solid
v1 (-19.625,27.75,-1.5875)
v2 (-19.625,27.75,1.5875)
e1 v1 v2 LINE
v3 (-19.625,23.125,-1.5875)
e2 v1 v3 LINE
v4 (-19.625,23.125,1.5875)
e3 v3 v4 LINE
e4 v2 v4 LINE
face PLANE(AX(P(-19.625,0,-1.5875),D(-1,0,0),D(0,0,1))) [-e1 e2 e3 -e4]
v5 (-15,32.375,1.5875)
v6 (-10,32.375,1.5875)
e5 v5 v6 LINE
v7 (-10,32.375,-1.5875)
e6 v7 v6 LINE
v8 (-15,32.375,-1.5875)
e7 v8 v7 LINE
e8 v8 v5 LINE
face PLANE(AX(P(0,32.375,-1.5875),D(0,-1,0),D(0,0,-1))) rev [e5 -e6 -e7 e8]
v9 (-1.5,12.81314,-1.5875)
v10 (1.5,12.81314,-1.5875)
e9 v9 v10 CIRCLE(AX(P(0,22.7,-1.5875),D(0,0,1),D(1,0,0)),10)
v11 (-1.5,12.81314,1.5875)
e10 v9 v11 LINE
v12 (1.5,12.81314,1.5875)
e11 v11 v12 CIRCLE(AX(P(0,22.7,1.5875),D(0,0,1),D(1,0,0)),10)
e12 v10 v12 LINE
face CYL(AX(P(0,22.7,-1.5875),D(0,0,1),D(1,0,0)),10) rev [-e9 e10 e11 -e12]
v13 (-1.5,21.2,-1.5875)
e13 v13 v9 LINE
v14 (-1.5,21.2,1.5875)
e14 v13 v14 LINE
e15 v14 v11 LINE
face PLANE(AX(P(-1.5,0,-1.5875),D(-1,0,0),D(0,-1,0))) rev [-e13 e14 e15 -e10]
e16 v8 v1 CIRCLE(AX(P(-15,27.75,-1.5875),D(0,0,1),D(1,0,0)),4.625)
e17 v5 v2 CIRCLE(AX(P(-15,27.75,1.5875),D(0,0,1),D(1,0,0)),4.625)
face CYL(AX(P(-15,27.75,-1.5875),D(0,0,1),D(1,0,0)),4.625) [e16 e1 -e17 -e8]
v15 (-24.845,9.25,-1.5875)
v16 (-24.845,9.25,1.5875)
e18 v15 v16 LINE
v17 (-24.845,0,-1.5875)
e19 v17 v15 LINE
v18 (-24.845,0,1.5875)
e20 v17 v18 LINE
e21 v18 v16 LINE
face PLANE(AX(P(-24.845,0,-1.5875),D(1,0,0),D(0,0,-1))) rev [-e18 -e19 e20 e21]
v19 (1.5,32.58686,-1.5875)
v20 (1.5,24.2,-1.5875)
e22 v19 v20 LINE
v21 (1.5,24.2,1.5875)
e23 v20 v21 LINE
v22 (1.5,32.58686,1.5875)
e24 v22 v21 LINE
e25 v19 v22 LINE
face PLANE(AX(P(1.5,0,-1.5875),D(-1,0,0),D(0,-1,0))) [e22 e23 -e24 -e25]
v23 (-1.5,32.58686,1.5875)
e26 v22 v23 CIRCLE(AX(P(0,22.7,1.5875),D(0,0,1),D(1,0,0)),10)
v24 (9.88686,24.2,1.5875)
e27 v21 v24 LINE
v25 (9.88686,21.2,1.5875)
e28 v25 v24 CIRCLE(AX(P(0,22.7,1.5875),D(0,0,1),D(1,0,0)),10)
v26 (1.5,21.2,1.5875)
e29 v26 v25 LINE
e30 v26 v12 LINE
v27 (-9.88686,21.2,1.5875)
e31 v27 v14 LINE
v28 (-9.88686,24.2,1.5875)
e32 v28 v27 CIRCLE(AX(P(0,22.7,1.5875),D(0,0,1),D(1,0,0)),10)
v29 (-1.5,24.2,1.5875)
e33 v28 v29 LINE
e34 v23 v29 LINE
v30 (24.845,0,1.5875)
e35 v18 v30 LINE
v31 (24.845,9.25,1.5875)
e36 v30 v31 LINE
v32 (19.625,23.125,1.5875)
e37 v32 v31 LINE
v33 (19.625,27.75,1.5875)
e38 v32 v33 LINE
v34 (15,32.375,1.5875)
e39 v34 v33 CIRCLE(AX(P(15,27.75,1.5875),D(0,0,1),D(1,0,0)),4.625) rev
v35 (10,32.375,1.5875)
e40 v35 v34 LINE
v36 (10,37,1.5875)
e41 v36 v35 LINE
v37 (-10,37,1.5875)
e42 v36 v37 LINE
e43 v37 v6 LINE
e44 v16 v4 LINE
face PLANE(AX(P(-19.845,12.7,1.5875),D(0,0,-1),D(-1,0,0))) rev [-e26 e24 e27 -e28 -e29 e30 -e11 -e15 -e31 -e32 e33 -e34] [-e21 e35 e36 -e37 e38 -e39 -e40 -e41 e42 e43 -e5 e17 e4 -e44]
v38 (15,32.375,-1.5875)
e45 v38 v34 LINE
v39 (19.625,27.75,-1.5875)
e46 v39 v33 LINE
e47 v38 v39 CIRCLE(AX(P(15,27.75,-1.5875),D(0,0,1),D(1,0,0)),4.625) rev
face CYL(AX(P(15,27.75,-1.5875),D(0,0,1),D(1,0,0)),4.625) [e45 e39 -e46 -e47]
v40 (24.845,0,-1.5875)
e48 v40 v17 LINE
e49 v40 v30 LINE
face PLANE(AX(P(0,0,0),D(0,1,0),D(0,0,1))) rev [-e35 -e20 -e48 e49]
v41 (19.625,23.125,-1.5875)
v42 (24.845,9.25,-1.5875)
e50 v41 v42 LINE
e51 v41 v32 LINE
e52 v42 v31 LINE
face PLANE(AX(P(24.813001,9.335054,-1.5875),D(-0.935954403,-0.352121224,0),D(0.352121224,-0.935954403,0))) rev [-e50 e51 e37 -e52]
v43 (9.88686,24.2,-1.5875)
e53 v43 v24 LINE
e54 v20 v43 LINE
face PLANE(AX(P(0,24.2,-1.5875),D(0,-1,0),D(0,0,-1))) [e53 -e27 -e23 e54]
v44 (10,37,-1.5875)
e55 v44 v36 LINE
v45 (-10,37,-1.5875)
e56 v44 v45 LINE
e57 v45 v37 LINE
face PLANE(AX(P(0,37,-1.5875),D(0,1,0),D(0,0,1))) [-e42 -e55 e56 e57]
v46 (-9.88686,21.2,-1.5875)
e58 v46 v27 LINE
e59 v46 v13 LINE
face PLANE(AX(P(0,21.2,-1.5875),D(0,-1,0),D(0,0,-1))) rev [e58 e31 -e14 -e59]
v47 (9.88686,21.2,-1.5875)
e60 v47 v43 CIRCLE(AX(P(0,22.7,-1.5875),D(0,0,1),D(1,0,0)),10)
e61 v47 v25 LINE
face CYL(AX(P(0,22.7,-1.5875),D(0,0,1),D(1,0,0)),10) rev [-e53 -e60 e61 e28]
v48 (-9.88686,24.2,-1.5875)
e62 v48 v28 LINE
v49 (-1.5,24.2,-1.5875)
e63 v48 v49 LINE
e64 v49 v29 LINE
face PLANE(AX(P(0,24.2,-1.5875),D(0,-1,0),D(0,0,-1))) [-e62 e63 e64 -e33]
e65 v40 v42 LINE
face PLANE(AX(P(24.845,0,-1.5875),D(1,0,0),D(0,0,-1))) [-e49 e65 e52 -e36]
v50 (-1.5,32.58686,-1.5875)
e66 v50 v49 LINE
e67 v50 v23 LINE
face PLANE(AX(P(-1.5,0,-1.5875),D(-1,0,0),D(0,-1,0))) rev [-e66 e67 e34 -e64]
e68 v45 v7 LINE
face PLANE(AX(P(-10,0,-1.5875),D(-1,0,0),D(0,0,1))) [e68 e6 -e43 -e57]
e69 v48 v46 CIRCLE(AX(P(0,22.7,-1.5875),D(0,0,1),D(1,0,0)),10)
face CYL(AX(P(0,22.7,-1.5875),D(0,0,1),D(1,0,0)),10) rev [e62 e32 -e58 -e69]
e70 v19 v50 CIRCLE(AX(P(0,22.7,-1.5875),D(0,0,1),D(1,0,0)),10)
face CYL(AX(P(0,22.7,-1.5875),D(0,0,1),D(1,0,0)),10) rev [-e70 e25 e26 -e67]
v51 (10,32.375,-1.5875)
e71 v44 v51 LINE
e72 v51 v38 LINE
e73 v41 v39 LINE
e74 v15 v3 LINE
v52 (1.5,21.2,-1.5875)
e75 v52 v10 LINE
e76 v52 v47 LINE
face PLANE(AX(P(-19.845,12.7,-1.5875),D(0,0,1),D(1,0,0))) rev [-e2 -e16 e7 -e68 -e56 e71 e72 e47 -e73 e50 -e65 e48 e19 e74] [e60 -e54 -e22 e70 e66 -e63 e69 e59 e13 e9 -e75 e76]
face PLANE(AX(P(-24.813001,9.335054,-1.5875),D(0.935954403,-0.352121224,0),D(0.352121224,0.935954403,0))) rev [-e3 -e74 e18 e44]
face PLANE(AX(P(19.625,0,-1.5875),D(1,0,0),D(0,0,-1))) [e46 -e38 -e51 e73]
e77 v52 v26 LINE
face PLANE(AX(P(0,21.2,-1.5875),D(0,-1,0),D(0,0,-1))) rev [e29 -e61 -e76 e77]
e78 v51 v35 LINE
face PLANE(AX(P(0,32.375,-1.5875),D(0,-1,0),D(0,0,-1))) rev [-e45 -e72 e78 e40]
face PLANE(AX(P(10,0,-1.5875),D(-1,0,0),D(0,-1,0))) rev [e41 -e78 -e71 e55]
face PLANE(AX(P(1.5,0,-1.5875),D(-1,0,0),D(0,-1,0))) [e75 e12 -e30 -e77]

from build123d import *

# Parameters (mm, degrees)
SKETCH1_W           = 39.69
SKETCH1_H           = 3.175
BOSS_EXTRUDE1_DEPTH = 12.7
CUT_EXTRUDE1_DEPTH  = 12.7
SKETCH4_W           = 6.35
SKETCH4_H           = 0.4
CUT_EXTRUDE2_DEPTH  = 12.7
BOSS_EXTRUDE2_DEPTH = 3.175
CUT_EXTRUDE3_DEPTH  = 3.175
BOSS_EXTRUDE3_DEPTH = 3.175
CUT_EXTRUDE4_DEPTH  = 3.175


with BuildPart() as part:
    # Sketch1 → Boss-Extrude1 (new body)
    with BuildSketch(Plane(origin=(0, 0, 0), x_dir=(1, 0, 0), z_dir=(0, 1, 0))):
        Rectangle(SKETCH1_W, SKETCH1_H)
    extrude(amount=BOSS_EXTRUDE1_DEPTH)

    # Sketch3 → Cut-Extrude1 (cut)
    with BuildSketch(Plane.XY.offset(1.5875)):
        with BuildLine():
            ThreePointArc((-10.653064207, 7.9375), (-10.188096222, 9.060032015), (-9.065564207, 9.525))
            Line((-9.065564207, 9.525), (-1.5875, 9.525))
            Line((-1.5875, 9.525), (-1.5875, 12.7))
            Line((-1.5875, 12.7), (-19.845, 12.7))
            Line((-19.845, 12.7), (-19.845, 1.599044979))
            Line((-19.845, 1.599044979), (-10.653064207, 6.35))
            Line((-10.653064207, 6.35), (-10.653064207, 7.9375))
        make_face()
        with BuildLine():
            Line((19.845, 12.7), (1.5875, 12.7))
            Line((1.5875, 12.7), (1.5875, 9.525))
            Line((1.5875, 9.525), (9.065564207, 9.525))
            ThreePointArc((9.065564207, 9.525), (10.188096222, 9.060032015), (10.653064207, 7.9375))
            Line((10.653064207, 7.9375), (10.653064207, 6.35))
            Line((10.653064207, 6.35), (19.845, 3.175))
            Line((19.845, 3.175), (19.845, 12.7))
        make_face()
    extrude(amount=-CUT_EXTRUDE1_DEPTH, mode=Mode.SUBTRACT)

    # Sketch4 → Cut-Extrude2 (cut)
    with BuildSketch(Plane.XY.offset(1.5875)):
        with Locations((0, 6.35)):
            Rectangle(SKETCH4_W, SKETCH4_H)
        Polygon((-0.2, 9.525), (0.2, 9.525), (0.2, 3.175), (0, 3.175), (-0.2, 3.175), align=None)
    extrude(amount=-CUT_EXTRUDE2_DEPTH, mode=Mode.SUBTRACT)

    # Sketch5 → Boss-Extrude2 (add)
    with BuildSketch(Plane.XY.offset(1.5875)):
        with BuildLine():
            Line((1.5875, 9.525), (9.065564207, 9.525))
            ThreePointArc((9.065564207, 9.525), (10.188096222, 9.060032015), (10.653064207, 7.9375))
            Line((10.653064207, 7.9375), (10.653064207, 6.35))
            Line((10.653064207, 6.35), (19.845, 3.175))
            Line((19.845, 3.175), (19.845, 0))
            Line((19.845, 0), (24.845, 0))
            Line((24.845, 0), (24.845, 37))
            Line((24.845, 37), (-24.845, 37))
            Line((-24.845, 37), (-24.845, 0))
            Line((-24.845, 0), (-19.845, 0))
            Line((-19.845, 0), (-19.845, 1.599044979))
            Line((-19.845, 1.599044979), (-10.653064207, 6.35))
            Line((-10.653064207, 6.35), (-10.653064207, 7.9375))
            ThreePointArc((-10.653064207, 7.9375), (-10.188096222, 9.060032015), (-9.065564207, 9.525))
            Line((-9.065564207, 9.525), (-1.5875, 9.525))
            Line((-1.5875, 9.525), (-1.5875, 12.7))
            Line((-1.5875, 12.7), (1.5875, 12.7))
            Line((1.5875, 12.7), (1.5875, 9.525))
        make_face()
    extrude(amount=-BOSS_EXTRUDE2_DEPTH)

    # Sketch6 → Cut-Extrude3 (cut)
    with BuildSketch(Plane.XY.offset(1.5875)):
        with BuildLine():
            Line((-10, 37), (-24.845, 37))
            Line((-24.845, 37), (-24.845, 27.75))
            Line((-24.845, 27.75), (-24.845, 18.5))
            Line((-24.845, 18.5), (-24.845, 9.25))
            Line((-24.845, 9.25), (-19.625, 23.125))
            Line((-19.625, 23.125), (-19.625, 27.75))
            ThreePointArc((-19.625, 27.75), (-18.270368863, 31.020368863), (-15, 32.375))
            Line((-15, 32.375), (-10, 32.375))
            Line((-10, 32.375), (-10, 37))
        make_face()
        with BuildLine():
            Line((24.845, 37), (10, 37))
            Line((10, 37), (10, 32.375))
            Line((10, 32.375), (15, 32.375))
            ThreePointArc((15, 32.375), (18.270368863, 31.020368863), (19.625, 27.75))
            Line((19.625, 27.75), (19.625, 23.125))
            Line((19.625, 23.125), (24.845, 9.25))
            Line((24.845, 9.25), (24.845, 18.5))
            Line((24.845, 18.5), (24.845, 37))
        make_face()
    extrude(amount=-CUT_EXTRUDE3_DEPTH, mode=Mode.SUBTRACT)

    # Sketch7 → Boss-Extrude3 (add)
    with BuildSketch(Plane.XY.offset(1.5875)):
        Polygon((0.2, 6.15), (0.2, 3.175), (-0.2, 3.175), (-0.2, 6.15), (-3.175, 6.15), (-3.175, 6.55), (-0.2, 6.55), (-0.2, 9.525), (0.2, 9.525), (0.2, 6.55), (3.175, 6.55), (3.175, 6.15), align=None)
    extrude(amount=-BOSS_EXTRUDE3_DEPTH)

    # Sketch8 → Cut-Extrude4 (cut)
    with BuildSketch(Plane.XY.offset(1.5875)):
        with BuildLine():
            Line((1.5, 24.2), (1.5, 32.586859967))
            ThreePointArc((1.5, 32.586859967), (0, 32.7), (-1.5, 32.586859967))
            Line((-1.5, 32.586859967), (-1.5, 24.2))
            Line((-1.5, 24.2), (-9.886859967, 24.2))
            ThreePointArc((-9.886859967, 24.2), (-10, 22.7), (-9.886859967, 21.2))
            Line((-9.886859967, 21.2), (-1.5, 21.2))
            Line((-1.5, 21.2), (-1.5, 12.813140033))
            ThreePointArc((-1.5, 12.813140033), (-0.752130419, 12.728325124), (0, 12.7))
            ThreePointArc((0, 12.7), (0.752130419, 12.728325124), (1.5, 12.813140033))
            Line((1.5, 12.813140033), (1.5, 21.2))
            Line((1.5, 21.2), (9.886859967, 21.2))
            ThreePointArc((9.886859967, 21.2), (9.971674876, 21.947869581), (10, 22.7))
            ThreePointArc((10, 22.7), (9.971674876, 23.452130419), (9.886859967, 24.2))
            Line((9.886859967, 24.2), (1.5, 24.2))
        make_face()
    extrude(amount=-CUT_EXTRUDE4_DEPTH, mode=Mode.SUBTRACT)


solid = part.part
